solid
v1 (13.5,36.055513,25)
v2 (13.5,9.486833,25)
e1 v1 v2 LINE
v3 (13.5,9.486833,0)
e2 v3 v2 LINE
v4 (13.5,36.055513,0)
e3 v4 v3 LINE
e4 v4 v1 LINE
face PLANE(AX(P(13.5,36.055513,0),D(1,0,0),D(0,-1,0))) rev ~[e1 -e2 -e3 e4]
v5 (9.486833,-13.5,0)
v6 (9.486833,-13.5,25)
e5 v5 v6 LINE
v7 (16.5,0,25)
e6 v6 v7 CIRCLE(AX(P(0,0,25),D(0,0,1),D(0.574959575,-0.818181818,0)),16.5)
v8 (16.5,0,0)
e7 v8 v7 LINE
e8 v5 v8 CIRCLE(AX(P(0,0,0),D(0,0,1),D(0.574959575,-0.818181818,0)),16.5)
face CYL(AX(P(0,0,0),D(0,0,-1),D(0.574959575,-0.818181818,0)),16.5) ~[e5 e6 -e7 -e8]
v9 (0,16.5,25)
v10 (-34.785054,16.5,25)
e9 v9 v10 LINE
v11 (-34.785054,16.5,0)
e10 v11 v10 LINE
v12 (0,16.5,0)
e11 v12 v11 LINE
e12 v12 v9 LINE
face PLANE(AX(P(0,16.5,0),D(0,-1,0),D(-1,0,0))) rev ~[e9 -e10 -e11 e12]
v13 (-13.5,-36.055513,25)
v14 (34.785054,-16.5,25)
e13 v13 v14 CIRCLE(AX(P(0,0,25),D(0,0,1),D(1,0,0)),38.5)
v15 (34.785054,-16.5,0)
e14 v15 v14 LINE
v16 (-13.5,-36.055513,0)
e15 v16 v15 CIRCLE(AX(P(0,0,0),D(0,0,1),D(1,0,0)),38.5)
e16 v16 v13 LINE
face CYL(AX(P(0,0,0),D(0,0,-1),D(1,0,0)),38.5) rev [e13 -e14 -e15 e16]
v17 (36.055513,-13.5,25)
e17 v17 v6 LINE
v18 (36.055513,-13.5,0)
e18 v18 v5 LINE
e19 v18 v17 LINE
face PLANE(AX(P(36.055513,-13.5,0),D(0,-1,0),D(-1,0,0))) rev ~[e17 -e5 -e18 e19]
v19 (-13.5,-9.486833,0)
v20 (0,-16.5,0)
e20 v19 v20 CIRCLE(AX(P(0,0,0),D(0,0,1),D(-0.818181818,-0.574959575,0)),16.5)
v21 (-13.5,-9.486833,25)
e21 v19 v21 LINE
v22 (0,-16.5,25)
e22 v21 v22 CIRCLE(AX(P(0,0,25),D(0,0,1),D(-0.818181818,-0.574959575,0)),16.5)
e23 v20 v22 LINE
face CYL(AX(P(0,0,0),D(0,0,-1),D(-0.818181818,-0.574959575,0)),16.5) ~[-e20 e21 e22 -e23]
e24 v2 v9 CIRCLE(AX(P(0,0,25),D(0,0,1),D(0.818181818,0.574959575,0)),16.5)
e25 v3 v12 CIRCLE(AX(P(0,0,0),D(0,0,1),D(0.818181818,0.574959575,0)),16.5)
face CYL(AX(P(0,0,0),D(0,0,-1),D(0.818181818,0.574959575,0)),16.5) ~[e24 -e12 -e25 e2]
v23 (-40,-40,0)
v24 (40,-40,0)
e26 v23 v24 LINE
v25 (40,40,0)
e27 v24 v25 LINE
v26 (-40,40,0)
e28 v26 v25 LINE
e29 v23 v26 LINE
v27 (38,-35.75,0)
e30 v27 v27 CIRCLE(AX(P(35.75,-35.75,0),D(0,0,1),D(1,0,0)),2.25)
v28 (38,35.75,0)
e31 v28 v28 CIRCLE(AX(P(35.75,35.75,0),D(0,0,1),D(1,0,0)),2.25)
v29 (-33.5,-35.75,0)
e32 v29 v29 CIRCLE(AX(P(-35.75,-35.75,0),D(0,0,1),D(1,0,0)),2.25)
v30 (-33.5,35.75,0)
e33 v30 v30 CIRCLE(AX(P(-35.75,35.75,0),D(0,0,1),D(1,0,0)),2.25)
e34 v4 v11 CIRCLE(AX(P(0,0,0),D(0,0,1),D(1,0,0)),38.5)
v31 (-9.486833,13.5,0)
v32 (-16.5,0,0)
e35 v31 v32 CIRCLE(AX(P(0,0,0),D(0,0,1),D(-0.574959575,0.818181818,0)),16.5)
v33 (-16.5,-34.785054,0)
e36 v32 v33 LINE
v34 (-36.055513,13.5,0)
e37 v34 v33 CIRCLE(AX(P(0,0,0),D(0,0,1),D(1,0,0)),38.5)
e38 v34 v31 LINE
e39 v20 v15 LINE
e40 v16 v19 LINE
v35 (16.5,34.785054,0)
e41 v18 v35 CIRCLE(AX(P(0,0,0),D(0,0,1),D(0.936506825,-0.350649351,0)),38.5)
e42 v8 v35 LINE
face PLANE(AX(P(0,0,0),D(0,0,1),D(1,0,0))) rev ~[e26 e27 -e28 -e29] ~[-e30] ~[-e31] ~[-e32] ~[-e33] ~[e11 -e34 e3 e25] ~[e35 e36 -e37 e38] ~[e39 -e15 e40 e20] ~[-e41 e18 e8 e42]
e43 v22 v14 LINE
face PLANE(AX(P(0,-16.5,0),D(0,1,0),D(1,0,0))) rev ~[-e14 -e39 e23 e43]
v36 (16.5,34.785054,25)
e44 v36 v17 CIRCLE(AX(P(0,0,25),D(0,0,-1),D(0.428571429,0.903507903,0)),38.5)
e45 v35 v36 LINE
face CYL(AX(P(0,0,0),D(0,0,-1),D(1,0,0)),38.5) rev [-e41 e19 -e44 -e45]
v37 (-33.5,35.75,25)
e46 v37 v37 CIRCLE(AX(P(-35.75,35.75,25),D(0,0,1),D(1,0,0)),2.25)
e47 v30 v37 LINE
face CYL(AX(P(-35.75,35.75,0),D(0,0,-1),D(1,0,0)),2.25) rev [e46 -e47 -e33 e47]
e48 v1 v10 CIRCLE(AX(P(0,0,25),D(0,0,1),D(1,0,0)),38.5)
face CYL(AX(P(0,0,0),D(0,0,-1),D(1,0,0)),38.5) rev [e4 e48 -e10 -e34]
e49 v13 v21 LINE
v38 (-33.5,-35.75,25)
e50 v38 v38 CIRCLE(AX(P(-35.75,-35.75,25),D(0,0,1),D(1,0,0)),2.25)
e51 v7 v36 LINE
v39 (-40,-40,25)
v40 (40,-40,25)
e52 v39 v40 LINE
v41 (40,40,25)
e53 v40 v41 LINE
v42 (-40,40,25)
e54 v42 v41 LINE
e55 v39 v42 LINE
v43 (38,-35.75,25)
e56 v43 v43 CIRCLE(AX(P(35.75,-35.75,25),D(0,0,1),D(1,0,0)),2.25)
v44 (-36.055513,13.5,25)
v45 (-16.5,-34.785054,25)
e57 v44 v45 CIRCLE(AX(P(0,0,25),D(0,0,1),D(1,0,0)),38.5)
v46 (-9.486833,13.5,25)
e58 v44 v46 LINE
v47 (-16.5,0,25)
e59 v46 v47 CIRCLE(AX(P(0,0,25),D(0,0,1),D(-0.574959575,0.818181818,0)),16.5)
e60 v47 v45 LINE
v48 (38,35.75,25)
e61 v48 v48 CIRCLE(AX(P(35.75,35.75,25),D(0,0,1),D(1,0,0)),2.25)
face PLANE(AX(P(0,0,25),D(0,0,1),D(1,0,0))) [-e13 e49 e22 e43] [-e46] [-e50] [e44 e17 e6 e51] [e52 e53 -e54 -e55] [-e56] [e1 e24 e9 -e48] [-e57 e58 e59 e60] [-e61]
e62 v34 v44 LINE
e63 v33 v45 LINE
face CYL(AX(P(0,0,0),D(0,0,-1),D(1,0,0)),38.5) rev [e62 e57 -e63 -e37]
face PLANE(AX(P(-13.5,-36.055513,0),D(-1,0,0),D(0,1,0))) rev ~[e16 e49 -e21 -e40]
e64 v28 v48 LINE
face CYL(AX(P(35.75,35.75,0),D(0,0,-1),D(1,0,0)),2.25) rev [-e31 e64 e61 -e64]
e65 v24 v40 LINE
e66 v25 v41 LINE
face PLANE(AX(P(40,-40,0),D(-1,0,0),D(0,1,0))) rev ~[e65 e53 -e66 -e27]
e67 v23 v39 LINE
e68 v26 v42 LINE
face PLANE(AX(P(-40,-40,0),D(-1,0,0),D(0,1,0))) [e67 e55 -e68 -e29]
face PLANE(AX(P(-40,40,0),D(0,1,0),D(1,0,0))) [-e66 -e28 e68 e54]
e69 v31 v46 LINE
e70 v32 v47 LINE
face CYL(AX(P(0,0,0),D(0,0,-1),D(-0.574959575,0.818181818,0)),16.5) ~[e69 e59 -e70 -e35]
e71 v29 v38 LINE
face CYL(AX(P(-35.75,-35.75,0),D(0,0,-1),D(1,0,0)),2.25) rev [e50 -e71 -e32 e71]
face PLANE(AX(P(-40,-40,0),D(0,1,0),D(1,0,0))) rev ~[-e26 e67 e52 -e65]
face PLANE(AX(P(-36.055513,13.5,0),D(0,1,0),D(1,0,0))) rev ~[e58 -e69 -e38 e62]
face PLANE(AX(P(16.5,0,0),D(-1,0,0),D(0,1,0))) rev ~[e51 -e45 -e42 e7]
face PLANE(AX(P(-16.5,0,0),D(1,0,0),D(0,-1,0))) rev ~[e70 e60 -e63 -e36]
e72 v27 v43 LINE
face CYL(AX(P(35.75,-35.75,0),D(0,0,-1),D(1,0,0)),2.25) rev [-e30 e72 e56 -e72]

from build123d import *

# Parameters (mm, degrees)
F0_W     = 80
F0_H     = 80
F0_R     = 2.25
F0_R_2   = 38.5
F1_DEPTH = 25
F3_DEPTH = 25


with BuildPart() as f1:
    # F0 (on Top) → F1 (new body)
    with BuildSketch(Plane.XY):
        Rectangle(F0_W, F0_H)
        with Locations((-35.75, -35.75)):
            Circle(F0_R, mode=Mode.SUBTRACT)
        with Locations((35.75, -35.75)):
            Circle(F0_R, mode=Mode.SUBTRACT)
        with Locations((-35.75, 35.75)):
            Circle(F0_R, mode=Mode.SUBTRACT)
        Circle(F0_R_2, mode=Mode.SUBTRACT)
        with Locations((35.75, 35.75)):
            Circle(F0_R, mode=Mode.SUBTRACT)
    extrude(amount=F1_DEPTH)

    # F2 (on Top) → F3 (join)
    with BuildSketch(Plane.XY):
        with BuildLine():
            ThreePointArc((9.4868329805, -13.5), (14.6421095505, -7.6064859108), (16.5, 0))
            Line((16.5, 0), (13.5, 0))
            Line((13.5, 0), (13.5, 9.4868329805))
            ThreePointArc((13.5, 9.4868329805), (7.6064859108, 14.6421095505), (0, 16.5))
            Line((0, 16.5), (0, 13.5))
            Line((0, 13.5), (-9.4868329805, 13.5))
            ThreePointArc((-9.4868329805, 13.5), (-14.6421095505, 7.6064859108), (-16.5, 0))
            Line((-16.5, 0), (-13.5, 0))
            Line((-13.5, 0), (-13.5, -9.4868329805))
            ThreePointArc((-13.5, -9.4868329805), (-7.6064859108, -14.6421095505), (0, -16.5))
            Line((0, -16.5), (0, -13.5))
            Line((0, -13.5), (9.4868329805, -13.5))
        make_face()
        with BuildLine():
            ThreePointArc((13.5, 9.4868329805), (15.7321327226, 4.9749371855), (16.5, 0))
            Line((16.5, 0), (16.5, 34.7850542619))
            ThreePointArc((16.5, 34.7850542619), (15.0134445147, 35.452030743), (13.5, 36.0555127546))
            Line((13.5, 36.0555127546), (13.5, 9.4868329805))
        make_face()
        with BuildLine():
            Line((13.5, 0), (16.5, 0))
            ThreePointArc((16.5, 0), (15.7321327226, 4.9749371855), (13.5, 9.4868329805))
            Line((13.5, 9.4868329805), (13.5, 0))
        make_face()
        with BuildLine():
            Line((0, 13.5), (0, 16.5))
            ThreePointArc((0, 16.5), (-4.9749371855, 15.7321327226), (-9.4868329805, 13.5))
            Line((-9.4868329805, 13.5), (0, 13.5))
        make_face()
        with BuildLine():
            ThreePointArc((-9.4868329805, 13.5), (-4.9749371855, 15.7321327226), (0, 16.5))
            Line((0, 16.5), (-34.7850542619, 16.5))
            ThreePointArc((-34.7850542619, 16.5), (-35.452030743, 15.0134445147), (-36.0555127546, 13.5))
            Line((-36.0555127546, 13.5), (-9.4868329805, 13.5))
        make_face()
        with BuildLine():
            ThreePointArc((-16.5, 0), (-15.7321327226, -4.9749371855), (-13.5, -9.4868329805))
            Line((-13.5, -9.4868329805), (-13.5, 0))
            Line((-13.5, 0), (-16.5, 0))
        make_face()
        with BuildLine():
            Line((-13.5, -36.0555127546), (-13.5, -9.4868329805))
            ThreePointArc((-13.5, -9.4868329805), (-15.7321327226, -4.9749371855), (-16.5, 0))
            Line((-16.5, 0), (-16.5, -34.7850542619))
            ThreePointArc((-16.5, -34.7850542619), (-15.0134445147, -35.452030743), (-13.5, -36.0555127546))
        make_face()
        with BuildLine():
            ThreePointArc((0, -16.5), (4.9749371855, -15.7321327226), (9.4868329805, -13.5))
            Line((9.4868329805, -13.5), (0, -13.5))
            Line((0, -13.5), (0, -16.5))
        make_face()
        with BuildLine():
            Line((36.0555127546, -13.5), (9.4868329805, -13.5))
            ThreePointArc((9.4868329805, -13.5), (4.9749371855, -15.7321327226), (0, -16.5))
            Line((0, -16.5), (34.7850542619, -16.5))
            ThreePointArc((34.7850542619, -16.5), (35.452030743, -15.0134445147), (36.0555127546, -13.5))
        make_face()
    extrude(amount=F3_DEPTH)


solid = f1.part
